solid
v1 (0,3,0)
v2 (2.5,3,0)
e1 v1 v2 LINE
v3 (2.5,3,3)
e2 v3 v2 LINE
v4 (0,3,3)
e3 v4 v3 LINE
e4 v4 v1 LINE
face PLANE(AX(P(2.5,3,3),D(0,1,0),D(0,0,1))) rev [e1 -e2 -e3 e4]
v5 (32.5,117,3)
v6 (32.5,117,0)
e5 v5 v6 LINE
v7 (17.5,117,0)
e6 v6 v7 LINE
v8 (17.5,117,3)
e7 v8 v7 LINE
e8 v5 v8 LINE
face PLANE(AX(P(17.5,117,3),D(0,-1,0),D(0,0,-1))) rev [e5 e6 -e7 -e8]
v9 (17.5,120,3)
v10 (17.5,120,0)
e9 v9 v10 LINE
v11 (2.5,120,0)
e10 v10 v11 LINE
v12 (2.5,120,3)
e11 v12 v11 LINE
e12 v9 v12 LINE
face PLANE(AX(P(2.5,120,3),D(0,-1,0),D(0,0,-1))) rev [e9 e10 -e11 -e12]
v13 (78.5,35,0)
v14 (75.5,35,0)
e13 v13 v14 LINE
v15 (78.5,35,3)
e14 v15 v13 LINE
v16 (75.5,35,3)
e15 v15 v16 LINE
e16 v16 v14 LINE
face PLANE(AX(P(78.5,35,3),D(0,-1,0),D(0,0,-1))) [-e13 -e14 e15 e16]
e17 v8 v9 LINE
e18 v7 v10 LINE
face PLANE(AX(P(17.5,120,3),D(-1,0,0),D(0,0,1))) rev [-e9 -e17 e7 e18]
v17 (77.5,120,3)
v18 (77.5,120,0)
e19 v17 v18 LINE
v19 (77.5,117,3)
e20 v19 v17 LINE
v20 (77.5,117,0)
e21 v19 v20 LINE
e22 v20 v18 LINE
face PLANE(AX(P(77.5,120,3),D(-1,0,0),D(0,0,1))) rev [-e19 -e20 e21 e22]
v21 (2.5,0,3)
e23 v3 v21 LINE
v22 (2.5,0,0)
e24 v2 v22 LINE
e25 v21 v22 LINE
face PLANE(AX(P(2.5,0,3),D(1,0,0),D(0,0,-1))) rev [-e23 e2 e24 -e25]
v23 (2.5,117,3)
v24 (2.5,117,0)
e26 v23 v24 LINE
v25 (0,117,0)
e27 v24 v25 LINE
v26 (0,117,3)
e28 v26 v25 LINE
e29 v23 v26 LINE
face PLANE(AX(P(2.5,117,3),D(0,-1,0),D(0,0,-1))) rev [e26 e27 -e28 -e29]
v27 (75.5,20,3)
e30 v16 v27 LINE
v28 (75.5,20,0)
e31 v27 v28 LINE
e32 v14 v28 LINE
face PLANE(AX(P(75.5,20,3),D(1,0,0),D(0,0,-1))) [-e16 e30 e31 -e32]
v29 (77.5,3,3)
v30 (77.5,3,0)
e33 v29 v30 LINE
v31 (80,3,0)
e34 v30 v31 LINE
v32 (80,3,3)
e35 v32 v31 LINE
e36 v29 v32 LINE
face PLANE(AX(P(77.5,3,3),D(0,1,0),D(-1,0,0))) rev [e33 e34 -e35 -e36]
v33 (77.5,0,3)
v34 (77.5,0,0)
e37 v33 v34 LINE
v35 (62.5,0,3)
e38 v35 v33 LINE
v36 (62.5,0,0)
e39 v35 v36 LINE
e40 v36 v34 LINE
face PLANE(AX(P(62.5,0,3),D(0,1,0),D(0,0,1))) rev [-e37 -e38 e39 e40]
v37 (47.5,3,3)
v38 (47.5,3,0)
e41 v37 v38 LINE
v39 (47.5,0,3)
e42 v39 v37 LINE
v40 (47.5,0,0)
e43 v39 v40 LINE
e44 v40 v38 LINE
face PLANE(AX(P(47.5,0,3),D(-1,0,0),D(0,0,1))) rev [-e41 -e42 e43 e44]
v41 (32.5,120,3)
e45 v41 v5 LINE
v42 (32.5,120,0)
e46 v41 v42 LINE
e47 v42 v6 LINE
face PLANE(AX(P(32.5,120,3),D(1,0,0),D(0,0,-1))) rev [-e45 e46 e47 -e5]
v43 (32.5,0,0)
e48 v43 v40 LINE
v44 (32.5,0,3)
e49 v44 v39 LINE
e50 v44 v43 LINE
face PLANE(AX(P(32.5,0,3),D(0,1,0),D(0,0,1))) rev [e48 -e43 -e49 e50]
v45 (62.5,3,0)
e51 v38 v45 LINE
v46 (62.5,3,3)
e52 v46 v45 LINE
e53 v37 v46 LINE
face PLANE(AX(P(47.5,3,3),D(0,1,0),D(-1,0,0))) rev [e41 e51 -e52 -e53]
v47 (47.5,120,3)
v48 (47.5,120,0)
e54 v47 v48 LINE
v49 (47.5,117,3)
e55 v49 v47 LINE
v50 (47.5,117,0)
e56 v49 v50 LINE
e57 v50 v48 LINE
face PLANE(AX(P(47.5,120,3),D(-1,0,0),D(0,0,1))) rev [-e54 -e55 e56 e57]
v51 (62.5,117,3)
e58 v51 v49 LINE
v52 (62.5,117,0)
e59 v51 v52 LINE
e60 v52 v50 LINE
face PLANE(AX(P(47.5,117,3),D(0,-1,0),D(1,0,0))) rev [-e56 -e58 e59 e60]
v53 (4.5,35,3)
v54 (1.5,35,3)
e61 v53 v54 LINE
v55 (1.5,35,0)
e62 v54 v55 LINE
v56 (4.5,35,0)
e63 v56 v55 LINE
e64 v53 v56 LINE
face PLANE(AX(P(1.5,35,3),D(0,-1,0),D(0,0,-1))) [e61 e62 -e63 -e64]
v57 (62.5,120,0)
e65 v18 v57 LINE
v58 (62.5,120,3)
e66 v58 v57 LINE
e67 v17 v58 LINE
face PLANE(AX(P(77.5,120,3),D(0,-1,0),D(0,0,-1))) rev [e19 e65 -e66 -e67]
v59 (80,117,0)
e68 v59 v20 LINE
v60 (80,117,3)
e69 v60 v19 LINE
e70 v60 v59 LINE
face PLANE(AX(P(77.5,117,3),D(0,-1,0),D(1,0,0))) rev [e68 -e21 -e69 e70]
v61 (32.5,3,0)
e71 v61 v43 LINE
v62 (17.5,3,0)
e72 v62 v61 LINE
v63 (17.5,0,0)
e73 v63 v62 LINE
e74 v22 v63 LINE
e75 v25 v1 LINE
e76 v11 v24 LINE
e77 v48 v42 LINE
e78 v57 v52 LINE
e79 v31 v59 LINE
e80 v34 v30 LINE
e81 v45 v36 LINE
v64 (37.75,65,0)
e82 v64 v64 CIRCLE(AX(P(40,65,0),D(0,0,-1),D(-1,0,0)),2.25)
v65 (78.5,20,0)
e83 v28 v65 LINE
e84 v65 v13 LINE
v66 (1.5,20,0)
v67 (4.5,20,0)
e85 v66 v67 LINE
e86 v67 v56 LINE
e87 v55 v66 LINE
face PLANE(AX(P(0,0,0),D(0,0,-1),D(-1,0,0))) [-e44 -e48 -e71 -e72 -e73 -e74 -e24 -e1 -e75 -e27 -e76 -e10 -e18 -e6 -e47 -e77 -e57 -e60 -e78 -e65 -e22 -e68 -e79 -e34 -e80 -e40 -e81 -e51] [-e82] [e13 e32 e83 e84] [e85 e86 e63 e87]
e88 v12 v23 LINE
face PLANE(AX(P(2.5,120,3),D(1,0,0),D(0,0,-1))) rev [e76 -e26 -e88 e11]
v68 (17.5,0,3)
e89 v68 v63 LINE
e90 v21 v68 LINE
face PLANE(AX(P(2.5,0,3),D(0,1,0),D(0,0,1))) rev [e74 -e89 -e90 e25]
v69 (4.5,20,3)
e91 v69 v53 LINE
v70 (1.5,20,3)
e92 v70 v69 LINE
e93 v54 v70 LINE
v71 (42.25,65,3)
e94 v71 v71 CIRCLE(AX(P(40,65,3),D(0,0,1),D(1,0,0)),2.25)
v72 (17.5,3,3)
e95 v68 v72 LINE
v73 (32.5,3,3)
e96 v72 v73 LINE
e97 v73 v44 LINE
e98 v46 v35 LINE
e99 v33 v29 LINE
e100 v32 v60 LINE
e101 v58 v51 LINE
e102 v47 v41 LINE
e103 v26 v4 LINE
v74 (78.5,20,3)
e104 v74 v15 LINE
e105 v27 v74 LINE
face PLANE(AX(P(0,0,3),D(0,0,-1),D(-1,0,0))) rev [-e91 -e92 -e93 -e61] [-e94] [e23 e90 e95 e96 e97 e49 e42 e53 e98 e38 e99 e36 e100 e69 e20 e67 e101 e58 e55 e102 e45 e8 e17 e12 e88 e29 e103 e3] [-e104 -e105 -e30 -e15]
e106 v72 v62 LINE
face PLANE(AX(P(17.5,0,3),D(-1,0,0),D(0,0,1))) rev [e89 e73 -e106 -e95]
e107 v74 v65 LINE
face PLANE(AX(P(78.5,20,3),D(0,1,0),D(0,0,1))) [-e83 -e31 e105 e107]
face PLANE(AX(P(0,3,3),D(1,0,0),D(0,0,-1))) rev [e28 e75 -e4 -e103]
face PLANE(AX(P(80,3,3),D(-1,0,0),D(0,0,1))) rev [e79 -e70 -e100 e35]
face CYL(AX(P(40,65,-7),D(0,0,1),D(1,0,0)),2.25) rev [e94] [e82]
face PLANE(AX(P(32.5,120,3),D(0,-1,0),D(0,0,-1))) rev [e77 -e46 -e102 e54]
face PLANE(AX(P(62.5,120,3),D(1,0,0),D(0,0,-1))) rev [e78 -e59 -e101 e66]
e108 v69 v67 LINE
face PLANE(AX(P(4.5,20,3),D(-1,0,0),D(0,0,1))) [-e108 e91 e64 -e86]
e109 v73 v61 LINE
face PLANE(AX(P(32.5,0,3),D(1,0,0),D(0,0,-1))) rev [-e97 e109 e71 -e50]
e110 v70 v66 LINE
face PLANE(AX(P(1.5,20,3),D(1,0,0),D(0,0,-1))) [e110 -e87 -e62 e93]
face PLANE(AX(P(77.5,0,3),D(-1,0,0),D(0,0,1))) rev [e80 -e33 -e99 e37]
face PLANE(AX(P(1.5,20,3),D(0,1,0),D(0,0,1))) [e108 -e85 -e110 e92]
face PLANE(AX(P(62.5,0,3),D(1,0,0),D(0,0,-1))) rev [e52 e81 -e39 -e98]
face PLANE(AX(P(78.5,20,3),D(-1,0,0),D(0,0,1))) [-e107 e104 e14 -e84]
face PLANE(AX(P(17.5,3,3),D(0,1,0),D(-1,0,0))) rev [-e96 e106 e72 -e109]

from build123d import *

# Parameters (mm, degrees)
SKETCH_1_W          = 3
SKETCH_1_H          = 15
EXTRUDE_1_DEPTH     = 3
SKETCH_2_R          = 2.25
CUT_EXTRUDE_1_DEPTH = 10


with BuildPart() as part:
    # 草图1 → 凸台-拉伸1 (new body)
    with BuildSketch(Plane.XY):
        Polygon((2.5, 3), (0, 3), (0, 117), (2.5, 117), (2.5, 120), (17.5, 120), (17.5, 117), (32.5, 117), (32.5, 120), (47.5, 120), (47.5, 117), (62.5, 117), (62.5, 120), (77.5, 120), (77.5, 117), (80, 117), (80, 3), (77.5, 3), (77.5, 0), (62.5, 0), (62.5, 3), (47.5, 3), (47.5, 0), (32.5, 0), (32.5, 3), (17.5, 3), (17.5, 0), (2.5, 0), align=None)
        with Locations((77, 27.5)):
            Rectangle(SKETCH_1_W, SKETCH_1_H, mode=Mode.SUBTRACT)
        with Locations((3, 27.5)):
            Rectangle(SKETCH_1_W, SKETCH_1_H, mode=Mode.SUBTRACT)
    extrude(amount=EXTRUDE_1_DEPTH)

    # 草图2 → 切除-拉伸1 (cut)
    with BuildSketch(Plane.XY.offset(3)):
        with Locations((40, 65)):
            Circle(SKETCH_2_R)
    extrude(amount=-CUT_EXTRUDE_1_DEPTH, mode=Mode.SUBTRACT)


solid = part.part
